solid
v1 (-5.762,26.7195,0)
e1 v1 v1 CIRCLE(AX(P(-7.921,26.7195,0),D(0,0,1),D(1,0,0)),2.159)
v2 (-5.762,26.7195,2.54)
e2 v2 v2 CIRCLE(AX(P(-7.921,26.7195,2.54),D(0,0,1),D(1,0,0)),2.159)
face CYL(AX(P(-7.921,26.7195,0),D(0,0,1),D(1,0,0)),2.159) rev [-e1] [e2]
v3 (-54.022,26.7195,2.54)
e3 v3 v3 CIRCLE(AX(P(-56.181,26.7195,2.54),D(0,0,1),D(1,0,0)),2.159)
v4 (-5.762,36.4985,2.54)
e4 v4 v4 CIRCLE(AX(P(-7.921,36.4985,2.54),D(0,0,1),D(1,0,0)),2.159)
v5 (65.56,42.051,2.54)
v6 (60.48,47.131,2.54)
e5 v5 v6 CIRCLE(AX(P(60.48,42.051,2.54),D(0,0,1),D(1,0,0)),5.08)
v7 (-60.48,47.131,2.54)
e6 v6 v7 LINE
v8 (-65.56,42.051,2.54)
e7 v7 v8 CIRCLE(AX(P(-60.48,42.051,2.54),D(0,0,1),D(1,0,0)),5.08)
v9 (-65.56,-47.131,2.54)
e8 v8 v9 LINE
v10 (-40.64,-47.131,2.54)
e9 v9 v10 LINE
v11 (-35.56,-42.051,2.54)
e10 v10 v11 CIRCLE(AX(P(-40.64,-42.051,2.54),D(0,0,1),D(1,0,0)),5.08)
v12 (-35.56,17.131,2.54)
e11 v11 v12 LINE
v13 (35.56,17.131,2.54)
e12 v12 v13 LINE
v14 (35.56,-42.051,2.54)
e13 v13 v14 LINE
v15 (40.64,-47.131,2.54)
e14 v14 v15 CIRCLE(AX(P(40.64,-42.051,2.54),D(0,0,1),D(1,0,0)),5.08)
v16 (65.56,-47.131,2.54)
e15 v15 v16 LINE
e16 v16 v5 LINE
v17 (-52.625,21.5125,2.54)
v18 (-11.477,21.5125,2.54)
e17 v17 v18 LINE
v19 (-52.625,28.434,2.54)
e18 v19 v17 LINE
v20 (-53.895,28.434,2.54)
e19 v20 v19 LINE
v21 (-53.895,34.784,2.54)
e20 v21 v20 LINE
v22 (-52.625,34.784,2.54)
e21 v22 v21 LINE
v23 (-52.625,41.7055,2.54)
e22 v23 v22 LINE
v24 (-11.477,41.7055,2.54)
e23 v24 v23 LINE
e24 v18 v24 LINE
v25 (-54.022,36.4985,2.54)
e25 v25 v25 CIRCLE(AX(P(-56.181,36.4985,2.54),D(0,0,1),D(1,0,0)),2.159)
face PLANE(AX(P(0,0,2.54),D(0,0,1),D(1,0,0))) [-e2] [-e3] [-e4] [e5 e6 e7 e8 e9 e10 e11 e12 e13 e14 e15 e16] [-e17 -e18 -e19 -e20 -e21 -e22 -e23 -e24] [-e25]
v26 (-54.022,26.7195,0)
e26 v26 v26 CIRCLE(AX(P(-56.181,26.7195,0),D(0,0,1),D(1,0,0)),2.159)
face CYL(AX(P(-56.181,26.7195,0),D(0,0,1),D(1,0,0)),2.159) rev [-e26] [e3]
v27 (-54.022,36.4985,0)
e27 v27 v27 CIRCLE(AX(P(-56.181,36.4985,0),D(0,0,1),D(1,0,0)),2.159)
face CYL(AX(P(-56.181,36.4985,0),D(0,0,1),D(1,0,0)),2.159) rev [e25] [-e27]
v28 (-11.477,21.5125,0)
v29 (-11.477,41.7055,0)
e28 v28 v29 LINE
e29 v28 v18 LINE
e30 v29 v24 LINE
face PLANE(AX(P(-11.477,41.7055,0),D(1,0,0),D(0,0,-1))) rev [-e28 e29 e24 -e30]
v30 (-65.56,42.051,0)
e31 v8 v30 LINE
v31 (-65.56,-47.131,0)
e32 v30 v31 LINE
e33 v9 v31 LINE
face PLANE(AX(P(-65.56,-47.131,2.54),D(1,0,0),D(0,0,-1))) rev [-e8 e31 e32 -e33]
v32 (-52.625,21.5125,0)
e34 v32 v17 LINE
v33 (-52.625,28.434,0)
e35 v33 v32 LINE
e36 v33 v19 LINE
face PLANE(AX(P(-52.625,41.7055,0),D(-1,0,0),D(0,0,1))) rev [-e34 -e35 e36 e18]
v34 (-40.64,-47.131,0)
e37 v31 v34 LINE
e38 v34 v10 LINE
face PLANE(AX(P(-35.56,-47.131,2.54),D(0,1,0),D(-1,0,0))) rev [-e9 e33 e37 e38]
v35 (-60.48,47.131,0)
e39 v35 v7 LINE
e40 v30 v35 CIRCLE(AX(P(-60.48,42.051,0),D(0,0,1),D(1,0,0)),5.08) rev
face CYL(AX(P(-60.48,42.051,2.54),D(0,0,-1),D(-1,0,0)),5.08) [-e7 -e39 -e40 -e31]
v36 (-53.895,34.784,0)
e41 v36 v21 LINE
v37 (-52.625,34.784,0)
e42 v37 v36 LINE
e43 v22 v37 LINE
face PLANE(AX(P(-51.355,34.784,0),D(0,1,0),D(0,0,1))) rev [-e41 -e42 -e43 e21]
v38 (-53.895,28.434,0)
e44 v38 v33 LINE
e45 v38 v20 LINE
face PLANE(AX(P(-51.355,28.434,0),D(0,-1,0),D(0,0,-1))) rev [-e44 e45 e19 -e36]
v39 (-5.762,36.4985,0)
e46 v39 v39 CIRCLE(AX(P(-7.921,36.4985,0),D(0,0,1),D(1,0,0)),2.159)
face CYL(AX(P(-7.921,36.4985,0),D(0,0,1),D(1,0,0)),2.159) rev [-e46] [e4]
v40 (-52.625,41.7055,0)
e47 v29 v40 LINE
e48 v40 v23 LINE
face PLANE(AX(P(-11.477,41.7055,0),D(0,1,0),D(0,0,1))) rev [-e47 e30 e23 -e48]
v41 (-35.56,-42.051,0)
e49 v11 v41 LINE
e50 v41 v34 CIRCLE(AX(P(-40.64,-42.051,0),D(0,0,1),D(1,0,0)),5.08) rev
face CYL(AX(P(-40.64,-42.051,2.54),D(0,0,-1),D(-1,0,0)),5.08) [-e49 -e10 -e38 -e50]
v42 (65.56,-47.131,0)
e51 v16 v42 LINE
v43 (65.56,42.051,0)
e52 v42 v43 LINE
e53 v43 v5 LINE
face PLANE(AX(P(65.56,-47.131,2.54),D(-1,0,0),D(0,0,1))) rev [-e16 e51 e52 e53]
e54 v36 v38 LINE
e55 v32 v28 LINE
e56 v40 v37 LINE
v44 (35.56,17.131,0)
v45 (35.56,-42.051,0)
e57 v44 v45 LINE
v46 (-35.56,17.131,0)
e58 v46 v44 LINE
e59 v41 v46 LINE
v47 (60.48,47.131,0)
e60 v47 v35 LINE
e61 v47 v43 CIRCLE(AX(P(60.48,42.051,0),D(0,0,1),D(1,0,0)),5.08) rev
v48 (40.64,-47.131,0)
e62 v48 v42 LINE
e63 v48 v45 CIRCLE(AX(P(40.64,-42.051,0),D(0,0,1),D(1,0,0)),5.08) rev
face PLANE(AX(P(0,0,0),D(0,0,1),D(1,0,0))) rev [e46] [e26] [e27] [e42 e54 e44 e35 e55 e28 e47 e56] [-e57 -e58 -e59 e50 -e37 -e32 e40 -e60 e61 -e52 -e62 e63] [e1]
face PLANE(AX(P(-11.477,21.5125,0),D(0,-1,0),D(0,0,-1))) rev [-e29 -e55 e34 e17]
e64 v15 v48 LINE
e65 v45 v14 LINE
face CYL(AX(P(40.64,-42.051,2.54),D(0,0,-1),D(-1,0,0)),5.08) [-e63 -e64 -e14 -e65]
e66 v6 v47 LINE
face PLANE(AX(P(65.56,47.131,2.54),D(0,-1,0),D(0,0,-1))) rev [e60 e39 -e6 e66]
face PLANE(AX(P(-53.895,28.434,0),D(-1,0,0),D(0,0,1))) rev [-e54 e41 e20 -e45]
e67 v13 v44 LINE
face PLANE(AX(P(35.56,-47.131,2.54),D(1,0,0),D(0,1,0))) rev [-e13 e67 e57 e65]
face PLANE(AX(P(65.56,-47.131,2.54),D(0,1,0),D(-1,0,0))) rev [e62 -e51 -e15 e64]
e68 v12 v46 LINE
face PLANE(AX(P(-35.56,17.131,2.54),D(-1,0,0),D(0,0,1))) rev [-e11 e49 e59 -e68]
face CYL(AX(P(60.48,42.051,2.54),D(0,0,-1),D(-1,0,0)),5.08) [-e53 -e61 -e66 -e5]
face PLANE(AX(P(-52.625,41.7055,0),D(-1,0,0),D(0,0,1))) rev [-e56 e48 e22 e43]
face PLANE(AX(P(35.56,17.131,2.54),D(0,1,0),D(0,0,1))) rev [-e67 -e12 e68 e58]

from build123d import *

# Parameters (mm, degrees)
BOSS_EXTRUDE1_DEPTH = 2.54
SKETCH2_R           = 2.159
CUT_EXTRUDE1_DEPTH  = 2.54
FILLET1_R           = 5.08
SKETCH3_W           = 2.54
SKETCH3_H           = 6.35
CUT_EXTRUDE4_DEPTH  = 3.54


with BuildPart() as part:
    # Sketch1 → Boss-Extrude1 (new body)
    with BuildSketch(Plane.XY):
        Polygon((35.56, -47.131), (35.56, 17.131), (-35.56, 17.131), (-35.56, -47.131), (-65.56, -47.131), (-65.56, 47.131), (65.56, 47.131), (65.56, -47.131), align=None)
    extrude(amount=BOSS_EXTRUDE1_DEPTH)

    # Sketch2 → Cut-Extrude1 (cut)
    with BuildSketch(Plane.XY.offset(2.54)):
        with Locations((-56.181, 36.4985)):
            Circle(SKETCH2_R)
        with Locations((-56.181, 26.7195)):
            Circle(SKETCH2_R)
        with Locations((-7.921, 36.4985)):
            Circle(SKETCH2_R)
        with Locations((-7.921, 26.7195)):
            Circle(SKETCH2_R)
        Polygon((-11.477, 41.7055), (-52.625, 41.7055), (-52.625, 21.5125), (-11.477, 21.5125), (-11.477, 31.609), align=None)
    extrude(amount=-CUT_EXTRUDE1_DEPTH, mode=Mode.SUBTRACT)

    # Fillet1
    fillet1_edges = [part.edges().sort_by_distance(p)[0] for p in [
        (-65.56, 47.131, 1.27),
        (65.56, 47.131, 1.27),
        (35.56, -47.131, 1.27),
        (-35.56, -47.131, 1.27),
    ]]
    fillet(fillet1_edges, radius=FILLET1_R)

    # Sketch3 → Cut-Extrude4 (cut, through all)
    with BuildSketch(Plane.XY.offset(2.54)):
        with Locations((-52.625, 31.609)):
            Rectangle(SKETCH3_W, SKETCH3_H)
    extrude(amount=-CUT_EXTRUDE4_DEPTH, mode=Mode.SUBTRACT)


solid = part.part
